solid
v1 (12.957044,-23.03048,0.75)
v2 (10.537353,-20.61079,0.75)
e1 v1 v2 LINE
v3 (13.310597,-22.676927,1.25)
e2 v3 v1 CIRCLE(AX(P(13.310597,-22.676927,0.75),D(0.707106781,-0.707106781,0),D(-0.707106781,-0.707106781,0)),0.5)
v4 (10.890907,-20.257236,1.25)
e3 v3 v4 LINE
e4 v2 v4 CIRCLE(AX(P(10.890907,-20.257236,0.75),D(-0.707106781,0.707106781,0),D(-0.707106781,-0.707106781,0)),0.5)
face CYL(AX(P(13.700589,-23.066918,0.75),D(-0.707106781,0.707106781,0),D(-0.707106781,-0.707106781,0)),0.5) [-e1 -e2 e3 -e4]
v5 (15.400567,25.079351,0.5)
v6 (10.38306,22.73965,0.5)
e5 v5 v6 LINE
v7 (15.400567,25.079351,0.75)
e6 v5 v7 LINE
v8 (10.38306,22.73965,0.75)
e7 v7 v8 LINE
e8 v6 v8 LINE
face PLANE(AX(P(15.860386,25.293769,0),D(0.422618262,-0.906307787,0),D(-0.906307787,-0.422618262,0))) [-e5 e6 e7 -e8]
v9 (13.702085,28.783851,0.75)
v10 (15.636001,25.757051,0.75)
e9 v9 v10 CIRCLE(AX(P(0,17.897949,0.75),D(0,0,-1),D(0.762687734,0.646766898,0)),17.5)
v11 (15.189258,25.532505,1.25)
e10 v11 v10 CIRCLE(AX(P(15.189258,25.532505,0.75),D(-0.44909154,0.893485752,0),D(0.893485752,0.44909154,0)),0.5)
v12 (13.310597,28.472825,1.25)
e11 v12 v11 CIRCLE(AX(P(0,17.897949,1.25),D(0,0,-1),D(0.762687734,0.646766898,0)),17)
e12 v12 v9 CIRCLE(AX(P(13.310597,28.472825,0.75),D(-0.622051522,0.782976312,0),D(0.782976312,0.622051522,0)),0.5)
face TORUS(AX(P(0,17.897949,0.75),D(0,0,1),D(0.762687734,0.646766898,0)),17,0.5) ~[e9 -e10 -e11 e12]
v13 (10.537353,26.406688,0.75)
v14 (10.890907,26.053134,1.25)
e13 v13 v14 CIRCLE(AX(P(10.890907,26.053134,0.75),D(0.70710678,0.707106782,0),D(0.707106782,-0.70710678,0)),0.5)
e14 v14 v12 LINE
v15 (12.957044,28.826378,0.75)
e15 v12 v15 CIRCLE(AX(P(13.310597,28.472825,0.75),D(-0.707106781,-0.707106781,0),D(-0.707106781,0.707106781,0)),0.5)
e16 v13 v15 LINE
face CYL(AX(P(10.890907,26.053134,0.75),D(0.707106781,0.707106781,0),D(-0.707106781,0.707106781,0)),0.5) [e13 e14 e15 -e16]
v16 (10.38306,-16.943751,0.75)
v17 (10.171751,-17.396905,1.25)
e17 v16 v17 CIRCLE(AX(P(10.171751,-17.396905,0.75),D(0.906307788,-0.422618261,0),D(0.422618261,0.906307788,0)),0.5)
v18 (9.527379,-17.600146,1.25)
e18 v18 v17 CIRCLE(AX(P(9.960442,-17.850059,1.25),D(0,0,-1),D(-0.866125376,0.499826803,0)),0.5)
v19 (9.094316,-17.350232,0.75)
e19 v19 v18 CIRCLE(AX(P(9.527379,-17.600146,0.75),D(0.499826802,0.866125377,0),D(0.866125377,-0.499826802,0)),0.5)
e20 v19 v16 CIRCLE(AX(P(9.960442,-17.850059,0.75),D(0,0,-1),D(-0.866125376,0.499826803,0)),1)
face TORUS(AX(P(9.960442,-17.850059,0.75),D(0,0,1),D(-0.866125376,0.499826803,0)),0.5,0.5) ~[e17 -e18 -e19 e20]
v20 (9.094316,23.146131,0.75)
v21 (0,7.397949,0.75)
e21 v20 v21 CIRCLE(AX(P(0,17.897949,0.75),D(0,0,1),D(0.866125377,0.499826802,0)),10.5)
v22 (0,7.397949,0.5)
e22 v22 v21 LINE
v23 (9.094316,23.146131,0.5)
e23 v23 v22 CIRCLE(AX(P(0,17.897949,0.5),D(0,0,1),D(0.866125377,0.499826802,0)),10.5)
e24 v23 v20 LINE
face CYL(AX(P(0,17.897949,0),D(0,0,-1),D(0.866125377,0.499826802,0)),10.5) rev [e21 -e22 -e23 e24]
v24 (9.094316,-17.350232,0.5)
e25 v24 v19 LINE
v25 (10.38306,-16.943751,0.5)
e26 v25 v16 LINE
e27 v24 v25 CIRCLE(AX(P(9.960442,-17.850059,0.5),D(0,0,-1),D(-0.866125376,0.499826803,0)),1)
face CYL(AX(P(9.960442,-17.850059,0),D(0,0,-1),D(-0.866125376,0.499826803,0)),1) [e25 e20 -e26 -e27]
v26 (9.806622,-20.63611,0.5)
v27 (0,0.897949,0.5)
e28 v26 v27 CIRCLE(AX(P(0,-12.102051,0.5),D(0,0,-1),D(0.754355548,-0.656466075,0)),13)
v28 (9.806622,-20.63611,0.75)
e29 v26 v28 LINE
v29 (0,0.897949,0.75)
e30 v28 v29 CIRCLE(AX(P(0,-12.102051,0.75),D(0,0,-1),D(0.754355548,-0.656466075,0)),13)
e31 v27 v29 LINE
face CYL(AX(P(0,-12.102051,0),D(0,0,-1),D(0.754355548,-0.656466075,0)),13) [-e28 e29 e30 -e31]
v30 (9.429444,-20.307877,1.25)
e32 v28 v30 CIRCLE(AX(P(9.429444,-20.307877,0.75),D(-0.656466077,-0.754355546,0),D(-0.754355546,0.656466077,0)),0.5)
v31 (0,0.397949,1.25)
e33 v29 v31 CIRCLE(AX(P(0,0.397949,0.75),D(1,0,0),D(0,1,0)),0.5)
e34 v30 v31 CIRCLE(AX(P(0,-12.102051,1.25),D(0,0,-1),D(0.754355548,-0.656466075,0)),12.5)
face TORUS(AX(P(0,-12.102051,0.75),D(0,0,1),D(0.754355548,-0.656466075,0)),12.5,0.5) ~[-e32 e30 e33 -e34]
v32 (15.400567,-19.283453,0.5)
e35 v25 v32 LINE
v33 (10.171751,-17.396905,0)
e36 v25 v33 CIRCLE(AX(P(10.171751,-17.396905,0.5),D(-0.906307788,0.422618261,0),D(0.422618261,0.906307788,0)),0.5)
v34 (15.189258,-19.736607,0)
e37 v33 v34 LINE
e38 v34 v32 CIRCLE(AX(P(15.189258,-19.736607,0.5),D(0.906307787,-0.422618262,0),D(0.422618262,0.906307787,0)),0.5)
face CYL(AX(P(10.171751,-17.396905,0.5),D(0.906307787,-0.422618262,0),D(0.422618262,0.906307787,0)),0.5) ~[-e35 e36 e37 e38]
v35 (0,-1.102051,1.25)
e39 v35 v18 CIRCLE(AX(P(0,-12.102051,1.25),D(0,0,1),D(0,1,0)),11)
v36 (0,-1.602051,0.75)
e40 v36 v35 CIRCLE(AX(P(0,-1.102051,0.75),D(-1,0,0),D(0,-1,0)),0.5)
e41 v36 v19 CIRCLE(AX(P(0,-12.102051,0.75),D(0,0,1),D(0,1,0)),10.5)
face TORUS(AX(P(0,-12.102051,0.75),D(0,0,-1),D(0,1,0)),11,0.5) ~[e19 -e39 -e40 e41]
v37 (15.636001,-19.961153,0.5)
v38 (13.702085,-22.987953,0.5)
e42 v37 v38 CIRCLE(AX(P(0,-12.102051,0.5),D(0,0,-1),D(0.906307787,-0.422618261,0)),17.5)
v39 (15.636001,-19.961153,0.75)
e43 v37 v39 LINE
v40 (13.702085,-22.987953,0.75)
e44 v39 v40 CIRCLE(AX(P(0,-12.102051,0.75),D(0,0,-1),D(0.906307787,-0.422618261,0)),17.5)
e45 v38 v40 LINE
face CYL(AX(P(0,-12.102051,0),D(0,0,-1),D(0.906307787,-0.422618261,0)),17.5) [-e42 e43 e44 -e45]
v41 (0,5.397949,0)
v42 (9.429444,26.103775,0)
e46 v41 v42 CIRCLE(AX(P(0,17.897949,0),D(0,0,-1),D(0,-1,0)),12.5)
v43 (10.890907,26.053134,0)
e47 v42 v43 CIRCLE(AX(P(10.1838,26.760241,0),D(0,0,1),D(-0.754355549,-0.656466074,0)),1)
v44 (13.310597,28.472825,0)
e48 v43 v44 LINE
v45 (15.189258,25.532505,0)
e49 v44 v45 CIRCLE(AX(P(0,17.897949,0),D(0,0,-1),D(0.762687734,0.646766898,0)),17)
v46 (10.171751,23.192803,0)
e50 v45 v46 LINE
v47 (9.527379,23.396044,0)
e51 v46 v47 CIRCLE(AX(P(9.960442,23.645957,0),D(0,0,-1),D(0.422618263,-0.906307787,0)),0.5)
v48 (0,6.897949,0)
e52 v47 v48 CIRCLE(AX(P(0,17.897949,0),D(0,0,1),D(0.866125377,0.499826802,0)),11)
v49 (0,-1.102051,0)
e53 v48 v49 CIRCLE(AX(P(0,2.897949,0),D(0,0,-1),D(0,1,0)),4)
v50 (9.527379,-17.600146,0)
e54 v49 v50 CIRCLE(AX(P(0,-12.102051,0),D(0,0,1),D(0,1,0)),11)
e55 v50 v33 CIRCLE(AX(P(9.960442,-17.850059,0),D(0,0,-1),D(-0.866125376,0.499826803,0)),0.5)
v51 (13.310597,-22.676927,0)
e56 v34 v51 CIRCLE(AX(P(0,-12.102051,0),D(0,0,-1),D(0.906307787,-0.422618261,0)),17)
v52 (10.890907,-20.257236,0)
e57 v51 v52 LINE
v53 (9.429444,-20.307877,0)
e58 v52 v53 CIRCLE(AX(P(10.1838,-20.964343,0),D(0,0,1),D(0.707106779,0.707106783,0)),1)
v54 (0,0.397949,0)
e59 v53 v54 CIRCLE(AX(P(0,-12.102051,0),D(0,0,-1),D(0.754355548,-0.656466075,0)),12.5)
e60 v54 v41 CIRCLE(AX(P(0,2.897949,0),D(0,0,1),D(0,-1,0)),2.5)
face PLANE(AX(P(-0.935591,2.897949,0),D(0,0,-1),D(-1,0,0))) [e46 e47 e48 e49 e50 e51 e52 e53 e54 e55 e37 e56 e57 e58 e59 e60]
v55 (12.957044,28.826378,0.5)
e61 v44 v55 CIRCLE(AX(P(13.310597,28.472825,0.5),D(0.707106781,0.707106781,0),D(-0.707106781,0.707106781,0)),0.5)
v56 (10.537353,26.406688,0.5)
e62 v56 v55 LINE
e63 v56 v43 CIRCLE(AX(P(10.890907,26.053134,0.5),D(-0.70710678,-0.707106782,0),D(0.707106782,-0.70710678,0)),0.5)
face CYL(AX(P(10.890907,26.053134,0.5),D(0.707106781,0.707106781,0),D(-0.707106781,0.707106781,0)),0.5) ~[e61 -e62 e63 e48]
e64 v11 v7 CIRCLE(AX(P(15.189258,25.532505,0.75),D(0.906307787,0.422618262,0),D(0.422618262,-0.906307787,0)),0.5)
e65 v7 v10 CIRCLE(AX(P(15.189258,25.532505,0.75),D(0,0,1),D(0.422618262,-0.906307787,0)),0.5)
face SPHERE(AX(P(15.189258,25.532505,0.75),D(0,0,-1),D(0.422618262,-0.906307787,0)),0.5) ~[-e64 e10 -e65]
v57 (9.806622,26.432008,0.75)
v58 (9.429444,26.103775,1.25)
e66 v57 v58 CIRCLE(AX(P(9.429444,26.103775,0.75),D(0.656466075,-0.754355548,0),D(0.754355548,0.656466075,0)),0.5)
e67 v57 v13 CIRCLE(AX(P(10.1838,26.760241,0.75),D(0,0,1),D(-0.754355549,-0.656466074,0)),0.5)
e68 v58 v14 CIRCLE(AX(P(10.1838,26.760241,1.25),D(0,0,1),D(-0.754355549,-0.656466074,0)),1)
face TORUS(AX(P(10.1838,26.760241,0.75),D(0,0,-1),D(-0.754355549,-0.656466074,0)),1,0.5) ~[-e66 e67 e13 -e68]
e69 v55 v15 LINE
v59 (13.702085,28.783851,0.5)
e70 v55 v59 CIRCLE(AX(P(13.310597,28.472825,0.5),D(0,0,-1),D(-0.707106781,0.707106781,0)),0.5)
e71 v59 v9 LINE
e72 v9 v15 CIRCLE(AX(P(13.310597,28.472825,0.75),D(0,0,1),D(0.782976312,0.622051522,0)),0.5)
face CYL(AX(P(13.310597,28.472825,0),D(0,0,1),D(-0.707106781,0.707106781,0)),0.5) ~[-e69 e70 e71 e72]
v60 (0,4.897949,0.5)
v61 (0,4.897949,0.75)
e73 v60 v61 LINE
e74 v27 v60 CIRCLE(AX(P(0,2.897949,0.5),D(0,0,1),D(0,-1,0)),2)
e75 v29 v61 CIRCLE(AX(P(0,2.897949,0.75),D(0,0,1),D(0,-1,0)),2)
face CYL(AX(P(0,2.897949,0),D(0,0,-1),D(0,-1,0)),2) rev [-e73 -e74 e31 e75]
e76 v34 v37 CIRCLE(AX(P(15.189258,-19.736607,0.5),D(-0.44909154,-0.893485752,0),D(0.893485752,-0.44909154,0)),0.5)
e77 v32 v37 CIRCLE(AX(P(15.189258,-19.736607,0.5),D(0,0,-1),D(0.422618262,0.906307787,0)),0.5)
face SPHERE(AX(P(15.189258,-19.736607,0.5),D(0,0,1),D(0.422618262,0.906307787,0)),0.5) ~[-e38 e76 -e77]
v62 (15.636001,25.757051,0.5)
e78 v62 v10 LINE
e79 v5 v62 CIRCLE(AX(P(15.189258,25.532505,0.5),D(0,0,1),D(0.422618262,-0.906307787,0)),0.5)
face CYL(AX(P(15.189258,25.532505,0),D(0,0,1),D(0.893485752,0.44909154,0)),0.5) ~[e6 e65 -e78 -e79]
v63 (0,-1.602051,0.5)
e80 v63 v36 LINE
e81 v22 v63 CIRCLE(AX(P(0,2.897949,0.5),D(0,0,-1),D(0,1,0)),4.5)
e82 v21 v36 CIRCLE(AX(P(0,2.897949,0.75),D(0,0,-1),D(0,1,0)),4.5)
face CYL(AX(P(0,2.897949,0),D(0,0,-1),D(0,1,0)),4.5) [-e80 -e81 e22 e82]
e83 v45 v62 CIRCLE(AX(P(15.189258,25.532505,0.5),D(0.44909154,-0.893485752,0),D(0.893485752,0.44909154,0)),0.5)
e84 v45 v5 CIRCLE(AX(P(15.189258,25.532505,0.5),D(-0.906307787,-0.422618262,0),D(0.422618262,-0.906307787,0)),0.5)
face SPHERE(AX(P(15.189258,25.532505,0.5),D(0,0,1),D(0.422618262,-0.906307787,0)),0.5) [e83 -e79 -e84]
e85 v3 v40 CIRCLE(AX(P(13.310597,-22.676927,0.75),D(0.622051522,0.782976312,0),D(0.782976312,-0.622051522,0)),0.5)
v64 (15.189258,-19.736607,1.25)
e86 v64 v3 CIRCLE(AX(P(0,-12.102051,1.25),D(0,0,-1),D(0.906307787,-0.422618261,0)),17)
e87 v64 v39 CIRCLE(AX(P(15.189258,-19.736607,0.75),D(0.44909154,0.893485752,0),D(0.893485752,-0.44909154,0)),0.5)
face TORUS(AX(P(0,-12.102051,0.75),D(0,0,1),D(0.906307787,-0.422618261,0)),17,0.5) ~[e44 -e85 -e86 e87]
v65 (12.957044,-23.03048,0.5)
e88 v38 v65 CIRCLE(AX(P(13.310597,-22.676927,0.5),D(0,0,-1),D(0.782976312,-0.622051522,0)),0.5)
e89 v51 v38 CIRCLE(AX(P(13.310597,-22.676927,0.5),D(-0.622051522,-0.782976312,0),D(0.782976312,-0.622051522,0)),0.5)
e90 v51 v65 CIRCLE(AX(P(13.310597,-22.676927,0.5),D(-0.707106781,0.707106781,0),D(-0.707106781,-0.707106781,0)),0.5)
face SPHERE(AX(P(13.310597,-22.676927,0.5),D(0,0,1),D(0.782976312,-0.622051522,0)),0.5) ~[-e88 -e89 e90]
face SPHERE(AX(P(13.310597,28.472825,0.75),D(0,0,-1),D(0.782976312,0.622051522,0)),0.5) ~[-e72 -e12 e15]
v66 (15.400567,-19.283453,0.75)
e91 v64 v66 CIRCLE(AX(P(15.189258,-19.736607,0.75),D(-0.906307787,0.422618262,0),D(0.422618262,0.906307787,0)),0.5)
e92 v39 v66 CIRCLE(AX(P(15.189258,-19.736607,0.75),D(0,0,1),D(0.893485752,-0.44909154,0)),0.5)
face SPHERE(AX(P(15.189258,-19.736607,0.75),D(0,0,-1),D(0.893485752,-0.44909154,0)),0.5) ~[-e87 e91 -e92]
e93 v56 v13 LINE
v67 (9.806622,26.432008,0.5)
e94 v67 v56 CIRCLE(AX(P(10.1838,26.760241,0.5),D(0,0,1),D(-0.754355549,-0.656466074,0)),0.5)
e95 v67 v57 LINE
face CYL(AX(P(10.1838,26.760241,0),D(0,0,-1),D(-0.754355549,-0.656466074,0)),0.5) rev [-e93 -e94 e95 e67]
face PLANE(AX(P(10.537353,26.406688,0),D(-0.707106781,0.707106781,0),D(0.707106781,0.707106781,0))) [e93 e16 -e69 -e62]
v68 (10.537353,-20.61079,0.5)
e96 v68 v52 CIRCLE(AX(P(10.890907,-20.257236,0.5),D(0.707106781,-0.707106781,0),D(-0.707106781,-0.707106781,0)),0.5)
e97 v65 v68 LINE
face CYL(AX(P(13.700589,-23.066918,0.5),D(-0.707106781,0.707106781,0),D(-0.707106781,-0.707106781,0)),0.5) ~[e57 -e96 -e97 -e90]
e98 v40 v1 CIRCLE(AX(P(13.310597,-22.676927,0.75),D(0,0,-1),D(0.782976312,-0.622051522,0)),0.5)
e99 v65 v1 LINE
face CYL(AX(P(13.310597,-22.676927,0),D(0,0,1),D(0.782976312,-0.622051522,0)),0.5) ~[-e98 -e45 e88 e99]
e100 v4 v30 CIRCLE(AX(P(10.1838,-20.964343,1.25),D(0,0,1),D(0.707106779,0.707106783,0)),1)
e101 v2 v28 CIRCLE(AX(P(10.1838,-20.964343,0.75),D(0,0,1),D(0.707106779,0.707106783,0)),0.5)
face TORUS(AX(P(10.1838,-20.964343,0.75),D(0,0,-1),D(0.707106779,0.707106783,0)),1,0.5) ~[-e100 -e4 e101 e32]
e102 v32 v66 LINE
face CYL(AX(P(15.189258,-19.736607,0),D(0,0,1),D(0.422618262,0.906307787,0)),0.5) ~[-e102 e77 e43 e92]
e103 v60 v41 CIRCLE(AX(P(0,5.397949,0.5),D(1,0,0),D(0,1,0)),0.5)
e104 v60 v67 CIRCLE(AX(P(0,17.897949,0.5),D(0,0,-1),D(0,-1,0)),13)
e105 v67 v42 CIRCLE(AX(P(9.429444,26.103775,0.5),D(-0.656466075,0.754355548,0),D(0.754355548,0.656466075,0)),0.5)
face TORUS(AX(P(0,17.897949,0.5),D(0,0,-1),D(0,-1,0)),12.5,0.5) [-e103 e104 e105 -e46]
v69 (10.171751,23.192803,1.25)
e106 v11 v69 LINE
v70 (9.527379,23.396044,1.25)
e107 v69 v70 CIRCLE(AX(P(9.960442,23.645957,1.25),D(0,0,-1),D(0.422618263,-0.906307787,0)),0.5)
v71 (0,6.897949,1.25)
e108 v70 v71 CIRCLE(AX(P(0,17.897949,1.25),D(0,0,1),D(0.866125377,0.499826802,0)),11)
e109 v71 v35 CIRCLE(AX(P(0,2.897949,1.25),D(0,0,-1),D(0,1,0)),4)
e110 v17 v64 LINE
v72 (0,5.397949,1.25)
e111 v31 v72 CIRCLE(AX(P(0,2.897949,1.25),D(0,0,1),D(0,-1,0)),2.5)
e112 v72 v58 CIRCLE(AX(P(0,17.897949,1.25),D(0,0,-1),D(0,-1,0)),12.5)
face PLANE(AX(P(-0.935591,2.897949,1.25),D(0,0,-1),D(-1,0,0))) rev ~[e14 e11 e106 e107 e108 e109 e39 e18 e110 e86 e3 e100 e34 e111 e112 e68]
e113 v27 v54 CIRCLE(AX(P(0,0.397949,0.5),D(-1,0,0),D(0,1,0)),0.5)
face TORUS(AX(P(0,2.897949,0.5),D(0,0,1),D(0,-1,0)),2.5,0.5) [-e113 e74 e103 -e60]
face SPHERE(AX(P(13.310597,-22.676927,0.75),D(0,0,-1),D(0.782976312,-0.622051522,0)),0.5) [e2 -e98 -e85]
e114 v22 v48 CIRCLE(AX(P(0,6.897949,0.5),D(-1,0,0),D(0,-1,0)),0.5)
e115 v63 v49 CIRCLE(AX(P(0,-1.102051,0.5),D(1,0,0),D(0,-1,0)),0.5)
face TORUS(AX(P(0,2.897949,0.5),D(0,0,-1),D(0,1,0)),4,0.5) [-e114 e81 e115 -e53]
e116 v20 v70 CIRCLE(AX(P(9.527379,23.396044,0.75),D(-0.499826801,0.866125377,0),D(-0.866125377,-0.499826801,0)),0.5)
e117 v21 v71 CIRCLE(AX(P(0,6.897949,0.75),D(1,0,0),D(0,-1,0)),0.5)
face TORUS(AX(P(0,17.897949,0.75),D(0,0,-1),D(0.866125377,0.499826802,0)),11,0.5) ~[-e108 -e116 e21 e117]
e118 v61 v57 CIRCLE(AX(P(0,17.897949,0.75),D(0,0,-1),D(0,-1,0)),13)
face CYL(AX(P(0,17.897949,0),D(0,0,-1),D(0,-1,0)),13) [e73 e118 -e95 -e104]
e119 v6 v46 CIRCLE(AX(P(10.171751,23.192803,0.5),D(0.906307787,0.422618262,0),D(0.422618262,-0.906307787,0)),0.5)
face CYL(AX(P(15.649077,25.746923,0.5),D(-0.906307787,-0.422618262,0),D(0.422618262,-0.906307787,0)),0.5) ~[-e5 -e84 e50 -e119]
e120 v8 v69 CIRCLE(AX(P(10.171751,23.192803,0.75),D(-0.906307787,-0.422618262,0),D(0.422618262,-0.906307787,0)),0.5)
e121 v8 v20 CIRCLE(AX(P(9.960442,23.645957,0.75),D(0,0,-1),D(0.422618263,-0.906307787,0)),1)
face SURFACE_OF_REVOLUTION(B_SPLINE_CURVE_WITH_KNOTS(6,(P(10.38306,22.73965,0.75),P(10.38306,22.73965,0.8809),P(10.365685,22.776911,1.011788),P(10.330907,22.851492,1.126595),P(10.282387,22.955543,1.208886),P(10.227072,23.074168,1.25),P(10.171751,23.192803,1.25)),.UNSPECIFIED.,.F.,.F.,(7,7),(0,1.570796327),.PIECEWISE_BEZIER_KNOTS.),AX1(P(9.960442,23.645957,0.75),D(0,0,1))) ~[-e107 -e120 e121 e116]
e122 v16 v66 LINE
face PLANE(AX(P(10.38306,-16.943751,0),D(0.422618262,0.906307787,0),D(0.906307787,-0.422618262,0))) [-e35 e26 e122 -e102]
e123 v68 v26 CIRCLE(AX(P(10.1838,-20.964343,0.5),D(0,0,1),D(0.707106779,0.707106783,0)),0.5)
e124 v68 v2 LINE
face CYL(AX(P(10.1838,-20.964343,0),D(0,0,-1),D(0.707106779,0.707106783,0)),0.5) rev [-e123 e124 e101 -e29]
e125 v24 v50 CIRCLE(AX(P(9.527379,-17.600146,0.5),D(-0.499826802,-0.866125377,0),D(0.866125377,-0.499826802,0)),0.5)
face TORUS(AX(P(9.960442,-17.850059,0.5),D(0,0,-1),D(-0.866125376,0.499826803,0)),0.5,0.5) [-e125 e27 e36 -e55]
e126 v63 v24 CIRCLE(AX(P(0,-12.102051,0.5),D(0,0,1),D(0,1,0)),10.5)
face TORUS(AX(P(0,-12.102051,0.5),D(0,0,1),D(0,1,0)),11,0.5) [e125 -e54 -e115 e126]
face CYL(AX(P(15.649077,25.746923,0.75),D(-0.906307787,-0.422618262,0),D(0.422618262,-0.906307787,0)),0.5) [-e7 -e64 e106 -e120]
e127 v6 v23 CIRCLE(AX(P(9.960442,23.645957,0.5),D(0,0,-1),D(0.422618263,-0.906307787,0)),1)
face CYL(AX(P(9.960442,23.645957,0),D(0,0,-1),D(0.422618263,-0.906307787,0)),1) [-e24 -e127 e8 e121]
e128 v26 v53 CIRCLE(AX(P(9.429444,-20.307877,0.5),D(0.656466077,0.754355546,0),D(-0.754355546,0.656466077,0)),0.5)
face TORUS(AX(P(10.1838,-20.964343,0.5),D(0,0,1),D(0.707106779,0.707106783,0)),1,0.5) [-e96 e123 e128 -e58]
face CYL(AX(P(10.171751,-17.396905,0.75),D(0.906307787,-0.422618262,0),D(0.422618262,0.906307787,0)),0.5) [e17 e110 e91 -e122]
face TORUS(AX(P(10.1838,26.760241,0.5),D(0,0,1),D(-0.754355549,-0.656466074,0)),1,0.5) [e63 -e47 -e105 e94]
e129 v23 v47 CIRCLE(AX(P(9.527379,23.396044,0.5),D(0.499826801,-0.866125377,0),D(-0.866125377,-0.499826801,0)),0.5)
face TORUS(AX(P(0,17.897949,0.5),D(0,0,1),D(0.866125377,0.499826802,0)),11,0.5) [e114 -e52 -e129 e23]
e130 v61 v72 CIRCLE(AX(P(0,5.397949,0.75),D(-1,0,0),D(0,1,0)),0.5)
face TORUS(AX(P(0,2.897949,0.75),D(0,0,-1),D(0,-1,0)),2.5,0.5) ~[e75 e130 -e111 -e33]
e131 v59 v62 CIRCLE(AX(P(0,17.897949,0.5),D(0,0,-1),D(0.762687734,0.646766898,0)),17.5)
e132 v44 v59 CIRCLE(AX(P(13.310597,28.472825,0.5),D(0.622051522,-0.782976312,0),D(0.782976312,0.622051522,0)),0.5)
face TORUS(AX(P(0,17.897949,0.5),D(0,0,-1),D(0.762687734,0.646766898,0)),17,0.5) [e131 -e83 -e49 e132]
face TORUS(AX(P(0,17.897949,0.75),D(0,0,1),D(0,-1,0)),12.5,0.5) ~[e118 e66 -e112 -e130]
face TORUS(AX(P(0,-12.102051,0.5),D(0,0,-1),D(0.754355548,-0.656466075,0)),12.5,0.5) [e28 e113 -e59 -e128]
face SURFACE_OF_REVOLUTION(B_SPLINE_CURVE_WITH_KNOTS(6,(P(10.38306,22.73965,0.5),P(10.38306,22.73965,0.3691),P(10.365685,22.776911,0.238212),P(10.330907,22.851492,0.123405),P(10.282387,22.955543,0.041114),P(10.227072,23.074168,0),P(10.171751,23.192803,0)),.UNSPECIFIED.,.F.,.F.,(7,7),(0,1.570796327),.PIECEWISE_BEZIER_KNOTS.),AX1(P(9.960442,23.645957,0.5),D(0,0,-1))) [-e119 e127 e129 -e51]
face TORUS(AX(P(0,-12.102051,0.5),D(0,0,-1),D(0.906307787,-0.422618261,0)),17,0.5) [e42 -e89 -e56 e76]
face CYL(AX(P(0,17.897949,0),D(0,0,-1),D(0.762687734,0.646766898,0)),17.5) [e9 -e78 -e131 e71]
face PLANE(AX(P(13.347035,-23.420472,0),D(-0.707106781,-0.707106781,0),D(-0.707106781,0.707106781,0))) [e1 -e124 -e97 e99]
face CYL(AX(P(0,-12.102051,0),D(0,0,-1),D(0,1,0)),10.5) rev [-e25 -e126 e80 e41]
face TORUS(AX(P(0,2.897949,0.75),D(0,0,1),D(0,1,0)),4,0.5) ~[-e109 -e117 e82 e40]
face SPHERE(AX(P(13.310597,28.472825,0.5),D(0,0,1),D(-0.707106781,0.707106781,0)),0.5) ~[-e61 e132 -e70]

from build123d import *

# Parameters (mm, degrees)
BOSS_EXTRUDE1_DEPTH = 1.25
FILLET1_R           = 0.5


with BuildPart() as part:
    # Sketch1 → Boss-Extrude1 (new body)
    with BuildSketch(Plane.XY):
        with BuildLine():
            Line((10.537353283, 26.406687716), (13.347035358, 29.216369791))
            ThreePointArc((13.347035358, 29.216369791), (14.734825058, 27.339078818), (15.860386273, 25.293768672))
            Line((15.860386273, 25.293768672), (10.383060093, 22.739649528))
            ThreePointArc((10.383060093, 22.739649528), (9.659640671, 22.692270436), (9.094316454, 23.146130513))
            ThreePointArc((9.094316454, 23.146130513), (-9.092741746, 23.148858302), (0, 7.397949091))
            ThreePointArc((0, 7.397949091), (4.5, 2.897949091), (0, -1.602050909))
            ThreePointArc((0, -1.602050909), (-9.092741746, -17.352960119), (9.094316454, -17.35023233))
            ThreePointArc((9.094316454, -17.35023233), (9.659640671, -16.896372254), (10.383060093, -16.943751345))
            Line((10.383060093, -16.943751345), (15.860386273, -19.497870489))
            ThreePointArc((15.860386273, -19.497870489), (14.734825058, -21.543180636), (13.347035358, -23.420471609))
            Line((13.347035358, -23.420471609), (10.537353283, -20.610789533))
            ThreePointArc((10.537353283, -20.610789533), (10.166484929, -20.464642822), (9.806622118, -20.636109886))
            ThreePointArc((9.806622118, -20.636109886), (-11.83095023, -17.48987205), (0, 0.897949091))
            ThreePointArc((0, 0.897949091), (2, 2.897949091), (0, 4.897949091))
            ThreePointArc((0, 4.897949091), (-11.83095023, 23.285770232), (9.806622118, 26.432008069))
            ThreePointArc((9.806622118, 26.432008069), (10.166484929, 26.260541004), (10.537353283, 26.406687716))
        make_face()
    extrude(amount=BOSS_EXTRUDE1_DEPTH)

    # Fillet1
    fillet1_edges = [part.edges().sort_by_distance(p)[0] for p in [
        (10.166484929, 26.260541004, 1.25),
        (13.121723183, 24.0167091, 0),
        (9.659640671, 22.692270436, 0),
        (-9.092741746, 23.148858302, 0),
        (-11.83095023, 23.285770232, 1.25),
        (4.5, 2.897949091, 0),
        (-9.092741746, -17.352960119, 0),
        (9.659640671, -16.896372254, 0),
        (13.121723183, -18.220810917, 0),
        (14.734825058, -21.543180636, 0),
        (11.94219432, -22.015630571, 0),
        (10.166484929, -20.464642822, 0),
        (-11.83095023, -17.48987205, 0),
        (2, 2.897949091, 0),
        (-11.83095023, 23.285770232, 0),
        (2, 2.897949091, 1.25),
        (10.166484929, 26.260541004, 0),
        (11.94219432, 27.811528754, 0),
        (14.734825058, 27.339078818, 0),
        (-11.83095023, -17.48987205, 1.25),
        (15.860386273, 25.293768672, 0.625),
        (15.860386273, -19.497870489, 0.625),
        (13.347035358, -23.420471609, 0.625),
        (13.347035358, 29.216369791, 0.625),
        (10.166484929, -20.464642822, 1.25),
        (11.94219432, -22.015630571, 1.25),
        (14.734825058, -21.543180636, 1.25),
        (13.121723183, -18.220810917, 1.25),
        (9.659640671, -16.896372254, 1.25),
        (-9.092741746, -17.352960119, 1.25),
        (14.734825058, 27.339078818, 1.25),
        (4.5, 2.897949091, 1.25),
        (-9.092741746, 23.148858302, 1.25),
        (9.659640671, 22.692270436, 1.25),
        (13.121723183, 24.0167091, 1.25),
        (11.94219432, 27.811528754, 1.25),
    ]]
    fillet(fillet1_edges, radius=FILLET1_R)


solid = part.part
